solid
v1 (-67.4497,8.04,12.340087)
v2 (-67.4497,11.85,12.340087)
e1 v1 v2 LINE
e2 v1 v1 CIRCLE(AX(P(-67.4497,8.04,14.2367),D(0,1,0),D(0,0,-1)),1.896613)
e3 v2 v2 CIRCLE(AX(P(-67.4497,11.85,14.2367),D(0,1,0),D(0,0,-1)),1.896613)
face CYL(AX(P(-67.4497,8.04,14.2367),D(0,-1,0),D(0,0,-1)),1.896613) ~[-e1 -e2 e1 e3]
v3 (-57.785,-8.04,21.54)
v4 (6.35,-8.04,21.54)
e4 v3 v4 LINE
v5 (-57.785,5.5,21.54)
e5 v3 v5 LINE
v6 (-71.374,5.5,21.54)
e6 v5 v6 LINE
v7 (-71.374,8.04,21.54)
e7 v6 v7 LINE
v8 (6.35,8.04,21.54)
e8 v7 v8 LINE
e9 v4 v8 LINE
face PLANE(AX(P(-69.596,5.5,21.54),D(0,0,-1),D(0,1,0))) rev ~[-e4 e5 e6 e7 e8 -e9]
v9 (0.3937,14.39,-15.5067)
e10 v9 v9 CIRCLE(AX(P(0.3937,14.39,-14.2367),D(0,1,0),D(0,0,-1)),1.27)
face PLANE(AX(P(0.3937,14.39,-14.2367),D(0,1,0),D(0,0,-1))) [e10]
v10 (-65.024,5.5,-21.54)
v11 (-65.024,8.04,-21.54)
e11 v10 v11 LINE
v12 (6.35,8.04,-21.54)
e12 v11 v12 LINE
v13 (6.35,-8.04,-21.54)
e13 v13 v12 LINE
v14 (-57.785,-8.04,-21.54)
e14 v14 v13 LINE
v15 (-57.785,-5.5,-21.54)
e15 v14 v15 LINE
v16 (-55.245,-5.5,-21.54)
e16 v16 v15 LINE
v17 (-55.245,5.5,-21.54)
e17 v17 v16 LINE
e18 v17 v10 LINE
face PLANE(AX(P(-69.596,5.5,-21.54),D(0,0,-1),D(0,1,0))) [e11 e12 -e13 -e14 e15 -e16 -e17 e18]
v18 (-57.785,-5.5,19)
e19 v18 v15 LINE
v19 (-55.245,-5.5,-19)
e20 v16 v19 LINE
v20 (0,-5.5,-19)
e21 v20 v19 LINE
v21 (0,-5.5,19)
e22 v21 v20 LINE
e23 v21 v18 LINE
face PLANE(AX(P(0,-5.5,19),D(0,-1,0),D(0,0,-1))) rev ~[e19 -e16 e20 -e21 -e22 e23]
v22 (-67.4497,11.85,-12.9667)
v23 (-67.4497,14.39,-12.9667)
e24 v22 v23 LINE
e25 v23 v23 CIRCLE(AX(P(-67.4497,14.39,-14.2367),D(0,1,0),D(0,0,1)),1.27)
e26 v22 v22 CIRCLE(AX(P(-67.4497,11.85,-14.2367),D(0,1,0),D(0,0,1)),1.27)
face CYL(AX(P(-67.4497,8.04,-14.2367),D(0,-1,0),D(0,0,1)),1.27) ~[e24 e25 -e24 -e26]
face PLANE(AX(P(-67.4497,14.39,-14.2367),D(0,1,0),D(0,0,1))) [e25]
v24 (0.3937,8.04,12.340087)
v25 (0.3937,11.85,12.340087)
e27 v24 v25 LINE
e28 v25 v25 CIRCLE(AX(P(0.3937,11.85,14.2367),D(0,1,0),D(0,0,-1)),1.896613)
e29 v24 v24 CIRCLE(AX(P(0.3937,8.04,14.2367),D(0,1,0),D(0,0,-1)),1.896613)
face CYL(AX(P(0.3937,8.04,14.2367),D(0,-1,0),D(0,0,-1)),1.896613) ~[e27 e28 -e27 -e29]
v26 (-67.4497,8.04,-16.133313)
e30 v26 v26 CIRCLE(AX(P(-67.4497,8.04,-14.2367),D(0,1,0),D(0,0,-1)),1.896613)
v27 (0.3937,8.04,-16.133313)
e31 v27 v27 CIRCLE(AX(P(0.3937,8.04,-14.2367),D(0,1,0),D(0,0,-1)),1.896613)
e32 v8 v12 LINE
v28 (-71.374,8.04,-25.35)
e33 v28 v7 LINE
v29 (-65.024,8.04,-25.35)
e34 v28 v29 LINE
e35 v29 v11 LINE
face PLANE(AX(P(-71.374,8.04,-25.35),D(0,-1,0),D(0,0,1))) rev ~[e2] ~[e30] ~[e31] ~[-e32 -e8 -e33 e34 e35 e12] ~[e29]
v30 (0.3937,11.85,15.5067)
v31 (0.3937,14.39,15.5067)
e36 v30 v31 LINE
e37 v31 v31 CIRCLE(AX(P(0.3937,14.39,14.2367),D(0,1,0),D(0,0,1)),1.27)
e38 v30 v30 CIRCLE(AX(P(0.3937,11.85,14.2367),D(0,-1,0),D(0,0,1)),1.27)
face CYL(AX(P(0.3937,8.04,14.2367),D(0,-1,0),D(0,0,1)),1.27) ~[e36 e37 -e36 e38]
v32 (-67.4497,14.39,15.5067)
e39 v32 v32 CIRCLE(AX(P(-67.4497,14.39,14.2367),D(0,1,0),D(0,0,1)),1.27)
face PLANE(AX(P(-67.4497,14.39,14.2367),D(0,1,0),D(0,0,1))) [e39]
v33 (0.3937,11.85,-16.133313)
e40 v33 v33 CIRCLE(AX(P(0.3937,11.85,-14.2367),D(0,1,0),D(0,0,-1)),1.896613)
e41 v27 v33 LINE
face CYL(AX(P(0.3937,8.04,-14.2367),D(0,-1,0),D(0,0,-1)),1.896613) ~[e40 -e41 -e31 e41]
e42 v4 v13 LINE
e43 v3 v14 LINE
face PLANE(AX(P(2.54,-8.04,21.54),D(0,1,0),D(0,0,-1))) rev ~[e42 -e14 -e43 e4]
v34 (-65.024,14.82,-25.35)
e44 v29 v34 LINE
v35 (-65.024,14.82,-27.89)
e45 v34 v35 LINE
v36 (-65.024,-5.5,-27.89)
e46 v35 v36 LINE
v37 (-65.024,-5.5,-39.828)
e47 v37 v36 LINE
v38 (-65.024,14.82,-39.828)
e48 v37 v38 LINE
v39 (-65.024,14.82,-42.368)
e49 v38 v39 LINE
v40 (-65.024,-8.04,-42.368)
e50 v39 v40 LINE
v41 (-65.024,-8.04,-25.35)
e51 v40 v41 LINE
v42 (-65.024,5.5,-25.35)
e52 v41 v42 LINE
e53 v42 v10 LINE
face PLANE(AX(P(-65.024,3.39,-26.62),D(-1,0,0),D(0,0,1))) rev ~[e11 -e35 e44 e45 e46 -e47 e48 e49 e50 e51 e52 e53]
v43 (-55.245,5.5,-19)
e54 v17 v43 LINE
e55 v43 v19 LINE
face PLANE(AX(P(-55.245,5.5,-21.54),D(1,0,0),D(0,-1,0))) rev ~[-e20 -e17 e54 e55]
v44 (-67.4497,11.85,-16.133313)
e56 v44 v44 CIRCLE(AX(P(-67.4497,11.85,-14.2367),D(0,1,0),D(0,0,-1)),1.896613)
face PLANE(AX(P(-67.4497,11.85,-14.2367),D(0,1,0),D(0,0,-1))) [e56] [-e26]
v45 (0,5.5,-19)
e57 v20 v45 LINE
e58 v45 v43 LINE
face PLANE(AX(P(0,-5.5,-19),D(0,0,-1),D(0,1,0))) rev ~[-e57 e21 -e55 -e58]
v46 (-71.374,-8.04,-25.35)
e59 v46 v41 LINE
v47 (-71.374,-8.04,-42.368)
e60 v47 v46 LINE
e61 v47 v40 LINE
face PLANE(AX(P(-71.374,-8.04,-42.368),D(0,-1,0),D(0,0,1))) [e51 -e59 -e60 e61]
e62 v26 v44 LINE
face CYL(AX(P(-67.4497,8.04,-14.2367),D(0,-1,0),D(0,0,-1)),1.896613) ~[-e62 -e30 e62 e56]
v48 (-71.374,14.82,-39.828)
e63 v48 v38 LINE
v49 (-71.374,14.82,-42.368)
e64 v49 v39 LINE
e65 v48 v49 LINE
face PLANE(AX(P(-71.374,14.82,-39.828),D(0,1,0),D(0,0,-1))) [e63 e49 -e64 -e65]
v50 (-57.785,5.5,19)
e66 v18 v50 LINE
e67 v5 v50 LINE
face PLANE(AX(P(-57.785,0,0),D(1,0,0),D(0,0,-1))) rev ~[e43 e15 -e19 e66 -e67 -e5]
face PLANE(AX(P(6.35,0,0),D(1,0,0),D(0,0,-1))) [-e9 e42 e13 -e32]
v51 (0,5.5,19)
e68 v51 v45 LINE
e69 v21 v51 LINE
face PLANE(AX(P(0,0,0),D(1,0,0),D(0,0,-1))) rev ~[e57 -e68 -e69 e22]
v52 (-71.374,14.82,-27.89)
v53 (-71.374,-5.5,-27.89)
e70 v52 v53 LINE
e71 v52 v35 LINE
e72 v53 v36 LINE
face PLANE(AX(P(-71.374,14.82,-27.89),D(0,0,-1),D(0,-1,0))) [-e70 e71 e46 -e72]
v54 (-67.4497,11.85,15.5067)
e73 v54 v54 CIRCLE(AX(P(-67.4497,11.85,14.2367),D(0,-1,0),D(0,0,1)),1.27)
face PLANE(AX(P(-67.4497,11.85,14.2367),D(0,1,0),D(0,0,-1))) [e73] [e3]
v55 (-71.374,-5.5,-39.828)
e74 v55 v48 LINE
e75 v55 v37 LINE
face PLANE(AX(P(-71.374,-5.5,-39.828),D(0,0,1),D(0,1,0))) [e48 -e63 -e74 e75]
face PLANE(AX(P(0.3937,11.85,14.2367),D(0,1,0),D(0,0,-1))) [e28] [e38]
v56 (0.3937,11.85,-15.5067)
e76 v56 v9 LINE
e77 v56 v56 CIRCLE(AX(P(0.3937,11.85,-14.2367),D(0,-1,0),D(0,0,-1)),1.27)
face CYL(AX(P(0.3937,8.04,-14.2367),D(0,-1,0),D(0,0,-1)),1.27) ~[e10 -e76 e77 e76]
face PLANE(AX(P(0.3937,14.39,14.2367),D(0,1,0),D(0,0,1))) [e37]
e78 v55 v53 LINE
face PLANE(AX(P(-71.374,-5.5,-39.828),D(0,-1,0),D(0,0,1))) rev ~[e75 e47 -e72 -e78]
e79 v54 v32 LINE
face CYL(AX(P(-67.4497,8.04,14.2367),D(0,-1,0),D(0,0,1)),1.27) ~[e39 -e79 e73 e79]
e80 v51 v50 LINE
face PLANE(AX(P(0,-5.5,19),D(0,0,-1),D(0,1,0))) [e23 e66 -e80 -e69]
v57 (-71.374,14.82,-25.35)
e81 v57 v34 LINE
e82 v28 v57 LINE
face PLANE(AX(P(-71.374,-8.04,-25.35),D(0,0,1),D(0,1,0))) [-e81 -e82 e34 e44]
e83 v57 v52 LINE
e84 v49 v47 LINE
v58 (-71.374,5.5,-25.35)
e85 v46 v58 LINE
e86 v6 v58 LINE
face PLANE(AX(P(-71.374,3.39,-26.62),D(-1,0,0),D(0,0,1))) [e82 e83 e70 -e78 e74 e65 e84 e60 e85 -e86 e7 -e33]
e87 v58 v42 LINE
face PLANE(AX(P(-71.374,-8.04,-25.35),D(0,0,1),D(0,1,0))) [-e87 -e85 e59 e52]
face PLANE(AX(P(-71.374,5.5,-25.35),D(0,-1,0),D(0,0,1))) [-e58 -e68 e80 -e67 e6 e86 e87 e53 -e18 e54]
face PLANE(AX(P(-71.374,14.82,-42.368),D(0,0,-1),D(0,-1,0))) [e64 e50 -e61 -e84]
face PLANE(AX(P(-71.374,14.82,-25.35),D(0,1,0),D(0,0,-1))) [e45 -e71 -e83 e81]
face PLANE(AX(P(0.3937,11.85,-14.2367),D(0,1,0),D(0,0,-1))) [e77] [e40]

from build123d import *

# Parameters (mm, degrees)
SKETCH1_W            = 43.08
SKETCH1_H            = 16.08
SKETCH1_W_2          = 38
SKETCH1_H_2          = 11
BOSS_EXTRUDE1_DEPTH  = 57.785
SKETCH1_2_W          = 43.08
SKETCH1_2_H          = 16.08
BOSS_EXTRUDE2_DEPTH  = 2.54
CUT_EXTRUDE2_DEPTH   = 2.54
SKETCH5_W            = 72.136
SKETCH5_H            = 43.08
BOSS_EXTRUDE8_DEPTH  = 2.54
SKETCH5_6_R          = 1.27
BOSS_EXTRUDE9_DEPTH  = 6.35
SKETCH5_8_R          = 1.896612794
SKETCH5_8_R_2        = 1.27
BOSS_EXTRUDE10_DEPTH = 3.81
SKETCH6_W            = 43.08
SKETCH6_H            = 16.08
BOSS_EXTRUDE11_DEPTH = 3.81
SKETCH7_W            = 43.08
SKETCH7_H            = 2.54
BOSS_EXTRUDE12_DEPTH = 1.778
SKETCH8_W            = 3.81
SKETCH8_H            = 2.54
BOSS_EXTRUDE15_DEPTH = 6.35
BOSS_EXTRUDE16_DEPTH = 6.35


with BuildPart() as part:
    # Sketch1 → Boss-Extrude1 (new body)
    with BuildSketch(Plane(origin=(0, 0, 0), x_dir=(0, 0, -1), z_dir=(1, 0, 0))):
        Rectangle(SKETCH1_W, SKETCH1_H)
        Rectangle(SKETCH1_W_2, SKETCH1_H_2, mode=Mode.SUBTRACT)
    extrude(amount=-BOSS_EXTRUDE1_DEPTH)

    # Sketch1<2> → Boss-Extrude2 (add)
    with BuildSketch(Plane(origin=(0, 0, 0), x_dir=(0, 0, -1), z_dir=(1, 0, 0))):
        Rectangle(SKETCH1_2_W, SKETCH1_2_H)
    extrude(amount=BOSS_EXTRUDE2_DEPTH)

    # Sketch3 → Cut-Extrude2 (cut)
    with BuildSketch(Plane(origin=(0, 0, -21.54), x_dir=(-1, 0, 0), z_dir=(0, 0, -1))):
        Polygon((55.245, 2.921), (55.245, -5.5), (57.785, -5.5), (57.785, 2.96), (57.785, 5.5), (55.245, 5.5), align=None)
    extrude(amount=-CUT_EXTRUDE2_DEPTH, mode=Mode.SUBTRACT)

    # Sketch5 → Boss-Extrude8 (add)
    with BuildSketch(Plane(origin=(0, 8.04, 0), x_dir=(1, 0, 0), z_dir=(0, 1, 0))):
        with Locations((-33.528, 0)):
            Rectangle(SKETCH5_W, SKETCH5_H)
    extrude(amount=-BOSS_EXTRUDE8_DEPTH)

    # Sketch5<6> → Boss-Extrude9 (add)
    with BuildSketch(Plane(origin=(0, 8.04, 0), x_dir=(1, 0, 0), z_dir=(0, 1, 0))):
        with Locations((-67.4497, 14.236700027)):
            Circle(SKETCH5_6_R)
        with Locations((-67.4497, -14.236700027)):
            Circle(SKETCH5_6_R)
        with Locations((0.3937, -14.236700027)):
            Circle(SKETCH5_6_R)
        with Locations((0.3937, 14.236700027)):
            Circle(SKETCH5_6_R)
    extrude(amount=BOSS_EXTRUDE9_DEPTH)

    # Sketch5<8> → Boss-Extrude10 (add)
    # profile 1 of 4: a face of its own
    with BuildSketch(Plane(origin=(0, 8.04, 0), x_dir=(1, 0, 0), z_dir=(0, 1, 0))):
        with Locations((-67.4497, -14.236700027)):
            Circle(SKETCH5_8_R)
    # profile 2 of 4: a face of its own
    with BuildSketch(Plane(origin=(0, 8.04, 0), x_dir=(1, 0, 0), z_dir=(0, 1, 0))):
        with Locations((0.3937, -14.236700027)):
            Circle(SKETCH5_8_R)
    # profile 3 of 4: a face of its own
    with BuildSketch(Plane(origin=(0, 8.04, 0), x_dir=(1, 0, 0), z_dir=(0, 1, 0))):
        with Locations((0.3937, 14.236700027)):
            Circle(SKETCH5_8_R)
    # profile 4 of 4: a face of its own
    with BuildSketch(Plane(origin=(0, 8.04, 0), x_dir=(1, 0, 0), z_dir=(0, 1, 0))):
        with Locations((-67.4497, 14.236700027)):
            Circle(SKETCH5_8_R)
        with Locations((-67.4497, 14.236700027)):
            Circle(SKETCH5_8_R_2, mode=Mode.SUBTRACT)
    extrude(amount=BOSS_EXTRUDE10_DEPTH)

    # Sketch6 → Boss-Extrude11 (add)
    with BuildSketch(Plane(origin=(2.54, 0, 0), x_dir=(0, 0, -1), z_dir=(1, 0, 0))):
        Rectangle(SKETCH6_W, SKETCH6_H)
    extrude(amount=BOSS_EXTRUDE11_DEPTH)

    # Sketch7 → Boss-Extrude12 (add)
    with BuildSketch(Plane.ZY.offset(69.596)):
        with Locations((0, 6.77)):
            Rectangle(SKETCH7_W, SKETCH7_H)
    extrude(amount=BOSS_EXTRUDE12_DEPTH)

    # Sketch8 → Boss-Extrude15 (add)
    with BuildSketch(Plane.ZY.offset(71.374)):
        with Locations((-23.445, 6.77)):
            Rectangle(SKETCH8_W, SKETCH8_H)
    extrude(amount=-BOSS_EXTRUDE15_DEPTH)

    # Sketch8<5> → Boss-Extrude16 (add)
    with BuildSketch(Plane.ZY.offset(71.374)):
        Polygon((-25.35, 14.82), (-27.89, 14.82), (-27.89, -5.5), (-39.828, -5.5), (-39.828, 14.82), (-42.368, 14.82), (-42.368, -8.04), (-25.35, -8.04), align=None)
    extrude(amount=-BOSS_EXTRUDE16_DEPTH)


solid = part.part
